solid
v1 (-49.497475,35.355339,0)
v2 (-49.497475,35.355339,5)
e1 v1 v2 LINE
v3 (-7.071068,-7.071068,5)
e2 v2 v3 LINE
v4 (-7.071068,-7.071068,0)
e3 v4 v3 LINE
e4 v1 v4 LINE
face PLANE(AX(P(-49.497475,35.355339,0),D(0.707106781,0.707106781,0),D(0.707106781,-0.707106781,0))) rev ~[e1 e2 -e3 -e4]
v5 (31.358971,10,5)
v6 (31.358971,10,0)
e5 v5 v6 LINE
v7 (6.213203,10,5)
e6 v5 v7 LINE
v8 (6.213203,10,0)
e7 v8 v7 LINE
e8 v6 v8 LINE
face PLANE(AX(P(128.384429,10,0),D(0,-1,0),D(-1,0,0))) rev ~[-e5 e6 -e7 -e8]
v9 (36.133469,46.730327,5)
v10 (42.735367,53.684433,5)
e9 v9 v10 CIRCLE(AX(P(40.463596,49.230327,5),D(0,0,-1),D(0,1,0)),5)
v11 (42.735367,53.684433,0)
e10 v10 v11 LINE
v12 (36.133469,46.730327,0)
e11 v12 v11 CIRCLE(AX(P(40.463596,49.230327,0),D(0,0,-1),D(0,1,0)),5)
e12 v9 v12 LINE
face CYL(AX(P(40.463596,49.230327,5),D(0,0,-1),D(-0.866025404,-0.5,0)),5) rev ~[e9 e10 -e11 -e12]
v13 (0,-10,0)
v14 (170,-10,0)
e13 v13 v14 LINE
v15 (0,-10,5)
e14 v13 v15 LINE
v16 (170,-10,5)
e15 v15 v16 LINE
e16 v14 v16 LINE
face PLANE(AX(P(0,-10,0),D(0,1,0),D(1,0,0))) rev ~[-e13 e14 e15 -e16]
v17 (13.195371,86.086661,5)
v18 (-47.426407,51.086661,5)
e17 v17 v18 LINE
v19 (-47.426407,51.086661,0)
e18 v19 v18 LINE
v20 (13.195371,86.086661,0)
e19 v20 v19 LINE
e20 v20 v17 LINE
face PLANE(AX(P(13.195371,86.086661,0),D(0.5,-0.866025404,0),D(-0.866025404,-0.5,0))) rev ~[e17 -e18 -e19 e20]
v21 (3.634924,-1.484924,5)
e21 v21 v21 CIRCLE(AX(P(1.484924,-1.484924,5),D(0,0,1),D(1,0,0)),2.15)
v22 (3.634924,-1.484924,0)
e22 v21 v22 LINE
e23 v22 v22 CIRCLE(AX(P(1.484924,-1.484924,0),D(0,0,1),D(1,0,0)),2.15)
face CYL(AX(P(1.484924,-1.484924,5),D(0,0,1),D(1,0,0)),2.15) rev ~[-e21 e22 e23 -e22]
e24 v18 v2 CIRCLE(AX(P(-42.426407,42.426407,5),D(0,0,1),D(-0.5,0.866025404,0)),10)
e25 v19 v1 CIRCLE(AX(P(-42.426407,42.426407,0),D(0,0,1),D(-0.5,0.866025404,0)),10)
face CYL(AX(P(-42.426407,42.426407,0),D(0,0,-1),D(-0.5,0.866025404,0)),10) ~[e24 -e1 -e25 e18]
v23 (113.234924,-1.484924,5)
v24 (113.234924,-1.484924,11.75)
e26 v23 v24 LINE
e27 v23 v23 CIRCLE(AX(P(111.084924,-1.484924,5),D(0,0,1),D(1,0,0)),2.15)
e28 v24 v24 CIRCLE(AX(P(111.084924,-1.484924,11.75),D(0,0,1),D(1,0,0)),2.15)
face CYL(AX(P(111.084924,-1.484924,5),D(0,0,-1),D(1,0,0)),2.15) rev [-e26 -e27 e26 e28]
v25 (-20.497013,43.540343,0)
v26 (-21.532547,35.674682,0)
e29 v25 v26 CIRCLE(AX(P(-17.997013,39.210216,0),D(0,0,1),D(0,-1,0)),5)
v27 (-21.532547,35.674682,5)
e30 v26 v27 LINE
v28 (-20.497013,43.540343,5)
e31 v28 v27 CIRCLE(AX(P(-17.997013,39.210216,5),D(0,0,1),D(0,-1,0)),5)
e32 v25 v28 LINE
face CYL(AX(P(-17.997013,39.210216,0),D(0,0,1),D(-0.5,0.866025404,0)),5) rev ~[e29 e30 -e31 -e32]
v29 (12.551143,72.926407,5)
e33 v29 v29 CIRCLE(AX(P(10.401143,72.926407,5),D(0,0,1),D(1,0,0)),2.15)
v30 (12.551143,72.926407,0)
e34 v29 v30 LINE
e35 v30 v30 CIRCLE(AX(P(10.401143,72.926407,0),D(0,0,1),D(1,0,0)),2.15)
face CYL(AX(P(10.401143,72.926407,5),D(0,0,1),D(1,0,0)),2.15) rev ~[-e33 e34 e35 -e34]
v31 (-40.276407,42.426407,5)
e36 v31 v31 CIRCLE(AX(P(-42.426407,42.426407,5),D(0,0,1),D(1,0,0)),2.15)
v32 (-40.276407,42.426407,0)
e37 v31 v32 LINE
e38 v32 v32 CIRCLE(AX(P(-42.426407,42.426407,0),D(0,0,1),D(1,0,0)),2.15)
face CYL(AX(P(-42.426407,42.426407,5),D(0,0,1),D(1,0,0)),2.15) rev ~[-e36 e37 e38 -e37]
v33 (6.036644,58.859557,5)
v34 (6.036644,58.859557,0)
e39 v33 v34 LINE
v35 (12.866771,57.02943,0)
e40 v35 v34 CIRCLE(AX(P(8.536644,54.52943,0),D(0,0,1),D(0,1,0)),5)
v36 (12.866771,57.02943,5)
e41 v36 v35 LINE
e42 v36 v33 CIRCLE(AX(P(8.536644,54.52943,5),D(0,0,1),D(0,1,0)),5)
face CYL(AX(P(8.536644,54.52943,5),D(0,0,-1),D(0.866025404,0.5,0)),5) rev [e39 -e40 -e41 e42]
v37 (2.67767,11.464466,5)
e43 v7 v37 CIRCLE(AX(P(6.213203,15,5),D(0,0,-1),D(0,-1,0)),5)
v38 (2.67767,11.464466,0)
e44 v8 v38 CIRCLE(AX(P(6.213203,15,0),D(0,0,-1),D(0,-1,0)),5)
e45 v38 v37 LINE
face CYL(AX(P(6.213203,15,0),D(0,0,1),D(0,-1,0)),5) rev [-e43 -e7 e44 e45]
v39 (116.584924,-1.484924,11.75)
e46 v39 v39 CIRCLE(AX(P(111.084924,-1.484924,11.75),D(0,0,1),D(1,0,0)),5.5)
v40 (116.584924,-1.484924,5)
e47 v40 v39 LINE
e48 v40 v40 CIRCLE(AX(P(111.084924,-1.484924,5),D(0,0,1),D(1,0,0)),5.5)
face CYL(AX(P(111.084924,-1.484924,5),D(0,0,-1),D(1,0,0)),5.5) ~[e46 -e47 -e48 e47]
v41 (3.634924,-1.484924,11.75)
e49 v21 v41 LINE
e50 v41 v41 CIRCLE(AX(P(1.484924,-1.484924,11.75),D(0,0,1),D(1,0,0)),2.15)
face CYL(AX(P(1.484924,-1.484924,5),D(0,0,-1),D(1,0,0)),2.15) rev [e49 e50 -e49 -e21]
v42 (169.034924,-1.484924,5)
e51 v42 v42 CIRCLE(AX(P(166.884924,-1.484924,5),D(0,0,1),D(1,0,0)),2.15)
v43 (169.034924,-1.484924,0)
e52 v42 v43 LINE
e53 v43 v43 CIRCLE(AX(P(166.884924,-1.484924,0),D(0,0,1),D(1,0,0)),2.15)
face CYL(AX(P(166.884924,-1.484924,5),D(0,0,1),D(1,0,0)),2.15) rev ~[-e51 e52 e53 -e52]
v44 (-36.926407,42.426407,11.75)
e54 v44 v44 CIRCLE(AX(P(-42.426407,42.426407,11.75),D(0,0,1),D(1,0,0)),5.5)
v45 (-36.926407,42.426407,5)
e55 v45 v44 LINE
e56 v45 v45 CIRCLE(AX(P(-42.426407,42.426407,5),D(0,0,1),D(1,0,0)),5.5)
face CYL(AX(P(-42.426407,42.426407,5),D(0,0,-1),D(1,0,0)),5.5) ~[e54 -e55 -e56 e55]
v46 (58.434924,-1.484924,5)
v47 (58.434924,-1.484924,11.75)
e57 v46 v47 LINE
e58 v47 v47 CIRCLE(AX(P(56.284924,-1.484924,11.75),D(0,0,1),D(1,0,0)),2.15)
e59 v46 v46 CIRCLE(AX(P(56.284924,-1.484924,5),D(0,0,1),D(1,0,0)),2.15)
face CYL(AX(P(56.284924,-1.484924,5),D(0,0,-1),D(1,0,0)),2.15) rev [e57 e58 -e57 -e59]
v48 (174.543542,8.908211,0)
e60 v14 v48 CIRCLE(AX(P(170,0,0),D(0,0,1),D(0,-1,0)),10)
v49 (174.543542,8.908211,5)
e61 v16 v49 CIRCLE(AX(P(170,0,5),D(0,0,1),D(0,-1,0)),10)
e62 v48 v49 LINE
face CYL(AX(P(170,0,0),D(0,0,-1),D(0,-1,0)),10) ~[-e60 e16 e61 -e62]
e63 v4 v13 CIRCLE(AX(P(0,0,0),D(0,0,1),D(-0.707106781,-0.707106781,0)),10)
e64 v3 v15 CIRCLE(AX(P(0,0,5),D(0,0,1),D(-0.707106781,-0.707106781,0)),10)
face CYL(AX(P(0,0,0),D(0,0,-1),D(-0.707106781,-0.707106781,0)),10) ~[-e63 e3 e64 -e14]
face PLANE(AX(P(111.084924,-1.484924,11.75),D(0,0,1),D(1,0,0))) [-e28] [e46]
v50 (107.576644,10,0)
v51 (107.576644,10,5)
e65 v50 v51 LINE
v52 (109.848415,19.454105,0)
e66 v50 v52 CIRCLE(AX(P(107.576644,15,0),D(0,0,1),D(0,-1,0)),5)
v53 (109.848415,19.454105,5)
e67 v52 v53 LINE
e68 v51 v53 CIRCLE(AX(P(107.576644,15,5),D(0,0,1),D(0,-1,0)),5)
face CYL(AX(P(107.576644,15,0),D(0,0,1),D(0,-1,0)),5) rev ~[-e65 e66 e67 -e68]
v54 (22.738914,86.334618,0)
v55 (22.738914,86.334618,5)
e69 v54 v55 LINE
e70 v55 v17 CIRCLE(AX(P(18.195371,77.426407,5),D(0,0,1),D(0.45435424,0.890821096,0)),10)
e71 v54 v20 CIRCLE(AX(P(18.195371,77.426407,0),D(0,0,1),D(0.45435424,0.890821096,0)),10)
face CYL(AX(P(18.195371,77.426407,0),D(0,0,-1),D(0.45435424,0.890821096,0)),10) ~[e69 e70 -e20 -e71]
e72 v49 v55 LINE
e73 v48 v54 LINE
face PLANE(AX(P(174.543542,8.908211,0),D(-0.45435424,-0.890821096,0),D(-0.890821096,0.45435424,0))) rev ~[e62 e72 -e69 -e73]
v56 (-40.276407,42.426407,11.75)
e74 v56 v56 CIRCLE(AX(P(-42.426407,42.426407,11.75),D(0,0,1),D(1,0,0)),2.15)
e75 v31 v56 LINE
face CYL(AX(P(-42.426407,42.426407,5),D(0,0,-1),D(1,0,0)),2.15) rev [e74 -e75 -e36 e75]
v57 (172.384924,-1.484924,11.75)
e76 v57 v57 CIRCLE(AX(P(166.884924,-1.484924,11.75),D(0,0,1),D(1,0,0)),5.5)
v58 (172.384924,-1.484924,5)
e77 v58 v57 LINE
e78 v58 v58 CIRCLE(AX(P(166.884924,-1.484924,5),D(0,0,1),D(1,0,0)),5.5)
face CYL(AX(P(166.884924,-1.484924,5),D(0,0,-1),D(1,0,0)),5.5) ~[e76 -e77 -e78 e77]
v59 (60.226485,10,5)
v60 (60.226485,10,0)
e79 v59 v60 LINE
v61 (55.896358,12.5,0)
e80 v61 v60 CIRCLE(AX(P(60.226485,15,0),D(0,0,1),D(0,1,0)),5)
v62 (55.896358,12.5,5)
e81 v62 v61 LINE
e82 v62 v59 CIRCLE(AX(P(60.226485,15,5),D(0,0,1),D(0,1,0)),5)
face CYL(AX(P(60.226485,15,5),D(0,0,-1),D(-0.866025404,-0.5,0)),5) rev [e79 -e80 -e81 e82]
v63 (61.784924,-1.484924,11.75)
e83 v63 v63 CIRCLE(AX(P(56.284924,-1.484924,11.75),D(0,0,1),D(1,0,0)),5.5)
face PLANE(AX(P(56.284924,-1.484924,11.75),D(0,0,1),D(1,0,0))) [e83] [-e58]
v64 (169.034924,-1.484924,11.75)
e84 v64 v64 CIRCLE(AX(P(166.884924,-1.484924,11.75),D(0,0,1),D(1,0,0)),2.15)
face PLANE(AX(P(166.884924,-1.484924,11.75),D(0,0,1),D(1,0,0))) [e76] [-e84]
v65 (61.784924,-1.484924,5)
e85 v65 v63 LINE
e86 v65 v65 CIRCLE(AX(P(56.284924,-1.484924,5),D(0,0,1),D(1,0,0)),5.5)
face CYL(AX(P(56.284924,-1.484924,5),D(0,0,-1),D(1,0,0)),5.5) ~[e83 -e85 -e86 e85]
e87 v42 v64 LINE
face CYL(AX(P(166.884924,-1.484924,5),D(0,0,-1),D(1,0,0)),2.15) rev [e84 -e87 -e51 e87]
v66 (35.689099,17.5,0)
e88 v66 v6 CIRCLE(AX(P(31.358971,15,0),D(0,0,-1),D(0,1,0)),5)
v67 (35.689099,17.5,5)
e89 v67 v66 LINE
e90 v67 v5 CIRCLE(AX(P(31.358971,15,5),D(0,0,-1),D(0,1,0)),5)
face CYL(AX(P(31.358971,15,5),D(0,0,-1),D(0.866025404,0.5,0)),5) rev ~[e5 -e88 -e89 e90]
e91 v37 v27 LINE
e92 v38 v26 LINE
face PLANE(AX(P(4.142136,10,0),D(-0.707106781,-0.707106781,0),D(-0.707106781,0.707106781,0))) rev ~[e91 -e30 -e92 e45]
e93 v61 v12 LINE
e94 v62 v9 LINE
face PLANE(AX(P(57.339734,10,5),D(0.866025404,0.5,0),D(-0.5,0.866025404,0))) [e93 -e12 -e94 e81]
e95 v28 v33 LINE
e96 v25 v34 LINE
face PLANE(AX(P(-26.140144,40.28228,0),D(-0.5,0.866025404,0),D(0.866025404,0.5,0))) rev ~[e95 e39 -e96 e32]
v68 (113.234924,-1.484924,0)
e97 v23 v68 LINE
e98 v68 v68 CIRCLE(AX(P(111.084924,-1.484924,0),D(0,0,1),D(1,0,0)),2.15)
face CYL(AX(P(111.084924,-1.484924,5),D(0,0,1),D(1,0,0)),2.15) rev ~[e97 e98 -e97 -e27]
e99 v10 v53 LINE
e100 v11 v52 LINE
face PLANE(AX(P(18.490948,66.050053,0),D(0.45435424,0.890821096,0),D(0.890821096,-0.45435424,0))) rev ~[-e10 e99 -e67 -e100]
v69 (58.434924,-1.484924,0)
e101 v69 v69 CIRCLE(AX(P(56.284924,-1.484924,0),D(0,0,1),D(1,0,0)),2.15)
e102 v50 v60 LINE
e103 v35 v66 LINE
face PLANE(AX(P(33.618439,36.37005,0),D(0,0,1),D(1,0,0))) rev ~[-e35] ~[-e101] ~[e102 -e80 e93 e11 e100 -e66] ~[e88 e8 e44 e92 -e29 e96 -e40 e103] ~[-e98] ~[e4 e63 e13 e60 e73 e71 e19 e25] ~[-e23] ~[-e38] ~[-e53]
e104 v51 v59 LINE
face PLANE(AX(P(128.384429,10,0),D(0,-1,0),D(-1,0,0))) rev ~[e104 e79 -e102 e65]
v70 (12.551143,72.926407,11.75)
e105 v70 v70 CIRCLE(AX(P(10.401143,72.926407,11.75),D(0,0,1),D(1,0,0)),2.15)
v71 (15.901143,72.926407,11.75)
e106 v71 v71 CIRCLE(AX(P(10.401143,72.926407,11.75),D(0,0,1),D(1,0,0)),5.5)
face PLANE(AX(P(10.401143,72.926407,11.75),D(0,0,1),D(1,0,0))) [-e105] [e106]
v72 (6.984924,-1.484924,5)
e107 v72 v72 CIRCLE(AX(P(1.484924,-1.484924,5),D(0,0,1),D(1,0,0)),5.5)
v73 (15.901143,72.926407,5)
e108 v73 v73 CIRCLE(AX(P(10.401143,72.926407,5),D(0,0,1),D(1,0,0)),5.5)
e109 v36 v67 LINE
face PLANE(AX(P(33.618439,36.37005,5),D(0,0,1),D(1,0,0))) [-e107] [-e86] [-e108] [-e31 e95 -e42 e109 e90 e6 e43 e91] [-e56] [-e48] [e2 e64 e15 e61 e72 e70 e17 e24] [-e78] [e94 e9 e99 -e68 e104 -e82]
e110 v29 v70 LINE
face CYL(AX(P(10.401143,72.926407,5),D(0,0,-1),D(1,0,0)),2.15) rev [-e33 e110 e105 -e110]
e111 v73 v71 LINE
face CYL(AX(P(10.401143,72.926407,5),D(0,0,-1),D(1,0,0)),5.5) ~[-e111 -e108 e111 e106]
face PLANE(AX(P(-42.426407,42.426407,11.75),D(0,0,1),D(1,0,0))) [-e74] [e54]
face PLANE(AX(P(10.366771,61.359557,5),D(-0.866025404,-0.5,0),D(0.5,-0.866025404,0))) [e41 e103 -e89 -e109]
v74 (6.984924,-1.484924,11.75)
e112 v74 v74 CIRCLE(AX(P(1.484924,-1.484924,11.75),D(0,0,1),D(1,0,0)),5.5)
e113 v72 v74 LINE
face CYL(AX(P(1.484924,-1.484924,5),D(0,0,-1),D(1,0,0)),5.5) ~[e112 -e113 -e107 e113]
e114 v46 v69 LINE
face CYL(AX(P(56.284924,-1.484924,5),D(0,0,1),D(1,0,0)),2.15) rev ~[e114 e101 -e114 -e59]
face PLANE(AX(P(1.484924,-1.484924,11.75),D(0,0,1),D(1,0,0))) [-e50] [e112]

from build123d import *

# Parameters (mm, degrees)
BOSS_EXTRUDE1_DEPTH = 5
BOSS_EXTRUDE2_DEPTH = 5
FILLET1_R           = 5
SKETCH3_R           = 5.5
SKETCH3_R_2         = 2.15
BOSS_EXTRUDE3_DEPTH = 6.75
SKETCH4_R           = 2.15
CUT_EXTRUDE1_DEPTH  = 6


with BuildPart() as part:
    # Sketch1 → Boss-Extrude1 (new body)
    with BuildSketch(Plane.XY):
        with BuildLine():
            Line((-35.355339059, 49.497474683), (-26.140144074, 40.282279698))
            Line((-26.140144074, 40.282279698), (18.49094778, 66.050052594))
            Line((18.49094778, 66.050052594), (13.651828996, 68.518195913))
            ThreePointArc((13.651828996, 68.518195913), (8.198744915, 77.166678081), (13.195371394, 86.086660909))
            Line((13.195371394, 86.086660909), (-47.426406871, 51.086660909))
            ThreePointArc((-47.426406871, 51.086660909), (-41.121144949, 52.340855485), (-35.355339059, 49.497474683))
        make_face()
        with BuildLine():
            Line((18.49094778, 66.050052594), (128.384429361, 10))
            Line((128.384429361, 10), (170, 10))
            ThreePointArc((170, 10), (172.336438573, 9.723222449), (174.543542397, 8.908210959))
            Line((174.543542397, 8.908210959), (22.738913791, 86.33461783))
            ThreePointArc((22.738913791, 86.33461783), (28.191997872, 77.686135661), (23.195371394, 68.766152833))
            Line((23.195371394, 68.766152833), (18.49094778, 66.050052594))
        make_face()
        with BuildLine():
            Line((128.384429361, 10), (4.142135624, 10))
            Line((4.142135624, 10), (7.071067812, 7.071067812))
            ThreePointArc((7.071067812, 7.071067812), (9.238795325, -3.826834324), (0, -10))
            Line((0, -10), (170, -10))
            ThreePointArc((170, -10), (167.663561427, -9.723222449), (165.456457603, -8.908210959))
            Line((165.456457603, -8.908210959), (128.384429361, 10))
        make_face()
        with BuildLine():
            ThreePointArc((-7.071067812, -7.071067812), (-9.238795325, 3.826834324), (0, 10))
            Line((0, 10), (4.142135624, 10))
            Line((4.142135624, 10), (-26.140144074, 40.282279698))
            Line((-26.140144074, 40.282279698), (-37.426406871, 33.766152833))
            ThreePointArc((-37.426406871, 33.766152833), (-43.731668793, 32.511958257), (-49.497474683, 35.355339059))
            Line((-49.497474683, 35.355339059), (-7.071067812, -7.071067812))
        make_face()
        with BuildLine():
            Line((170, 10), (128.384429361, 10))
            Line((128.384429361, 10), (165.456457603, -8.908210959))
            ThreePointArc((165.456457603, -8.908210959), (167.663561427, -9.723222449), (170, -10))
            ThreePointArc((170, -10), (179.723222449, -2.336438573), (174.543542397, 8.908210959))
            ThreePointArc((174.543542397, 8.908210959), (172.336438573, 9.723222449), (170, 10))
        make_face()
        with BuildLine():
            Line((13.651828996, 68.518195913), (18.49094778, 66.050052594))
            Line((18.49094778, 66.050052594), (23.195371394, 68.766152833))
            ThreePointArc((23.195371394, 68.766152833), (28.191997872, 77.686135661), (22.738913791, 86.33461783))
            ThreePointArc((22.738913791, 86.33461783), (17.935642604, 87.42303335), (13.195371394, 86.086660909))
            ThreePointArc((13.195371394, 86.086660909), (8.198744915, 77.166678081), (13.651828996, 68.518195913))
        make_face()
        with BuildLine():
            Line((-37.426406871, 33.766152833), (-26.140144074, 40.282279698))
            Line((-26.140144074, 40.282279698), (-35.355339059, 49.497474683))
            ThreePointArc((-35.355339059, 49.497474683), (-41.121144949, 52.340855485), (-47.426406871, 51.086660909))
            ThreePointArc((-47.426406871, 51.086660909), (-52.340855485, 43.731668793), (-49.497474683, 35.355339059))
            ThreePointArc((-49.497474683, 35.355339059), (-43.731668793, 32.511958257), (-37.426406871, 33.766152833))
        make_face()
        with BuildLine():
            Line((4.142135624, 10), (0, 10))
            ThreePointArc((0, 10), (-9.238795325, 3.826834324), (-7.071067812, -7.071067812))
            ThreePointArc((-7.071067812, -7.071067812), (-3.826834324, -9.238795325), (0, -10))
            ThreePointArc((0, -10), (9.238795325, -3.826834324), (7.071067812, 7.071067812))
            Line((7.071067812, 7.071067812), (4.142135624, 10))
        make_face()
    extrude(amount=BOSS_EXTRUDE1_DEPTH)

    # Sketch2 → Boss-Extrude2 (add, through all)
    with BuildSketch(Plane.XY.offset(5)):
        Polygon((18.49094778, 66.050052594), (10.366771374, 61.359557158), (40.019225525, 10), (57.3397336, 10), (27.687279449, 61.359557158), align=None)
    extrude(amount=-BOSS_EXTRUDE2_DEPTH)

    # Fillet1
    fillet1_edges = [part.edges().sort_by_distance(p)[0] for p in [
        (-26.140144074, 40.282279698, 2.5),
        (4.142135624, 10, 2.5),
        (128.384429361, 10, 2.5),
        (27.687279449, 61.359557158, 2.5),
        (57.3397336, 10, 2.5),
        (40.019225525, 10, 2.5),
        (10.366771374, 61.359557158, 2.5),
    ]]
    fillet(fillet1_edges, radius=FILLET1_R)

    # Sketch3 → Boss-Extrude3 (add)
    with BuildSketch(Plane.XY.offset(5)):
        with Locations((-42.426406871, 42.426406871)):
            Circle(SKETCH3_R)
        with Locations((-42.426406871, 42.426406871)):
            Circle(SKETCH3_R_2, mode=Mode.SUBTRACT)
        with Locations((1.48492424, -1.48492424)):
            Circle(SKETCH3_R)
        with Locations((1.48492424, -1.48492424)):
            Circle(SKETCH3_R_2, mode=Mode.SUBTRACT)
        with Locations((56.28492424, -1.48492424)):
            Circle(SKETCH3_R)
        with Locations((56.28492424, -1.48492424)):
            Circle(SKETCH3_R_2, mode=Mode.SUBTRACT)
        with Locations((111.08492424, -1.48492424)):
            Circle(SKETCH3_R)
        with Locations((111.08492424, -1.48492424)):
            Circle(SKETCH3_R_2, mode=Mode.SUBTRACT)
        with Locations((166.88492424, -1.48492424)):
            Circle(SKETCH3_R)
        with Locations((166.88492424, -1.48492424)):
            Circle(SKETCH3_R_2, mode=Mode.SUBTRACT)
        with Locations((10.40114276, 72.926406871)):
            Circle(SKETCH3_R)
        with Locations((10.40114276, 72.926406871)):
            Circle(SKETCH3_R_2, mode=Mode.SUBTRACT)
    extrude(amount=BOSS_EXTRUDE3_DEPTH)

    # Sketch4 → Cut-Extrude1 (cut, through all)
    with BuildSketch(Plane.XY.offset(5)):
        with Locations((-42.426406871, 42.426406871)):
            Circle(SKETCH4_R)
        with Locations((1.48492424, -1.48492424)):
            Circle(SKETCH4_R)
        with Locations((56.28492424, -1.48492424)):
            Circle(SKETCH4_R)
        with Locations((111.08492424, -1.48492424)):
            Circle(SKETCH4_R)
        with Locations((166.88492424, -1.48492424)):
            Circle(SKETCH4_R)
        with Locations((10.40114276, 72.926406871)):
            Circle(SKETCH4_R)
    extrude(amount=-CUT_EXTRUDE1_DEPTH, mode=Mode.SUBTRACT)


solid = part.part
